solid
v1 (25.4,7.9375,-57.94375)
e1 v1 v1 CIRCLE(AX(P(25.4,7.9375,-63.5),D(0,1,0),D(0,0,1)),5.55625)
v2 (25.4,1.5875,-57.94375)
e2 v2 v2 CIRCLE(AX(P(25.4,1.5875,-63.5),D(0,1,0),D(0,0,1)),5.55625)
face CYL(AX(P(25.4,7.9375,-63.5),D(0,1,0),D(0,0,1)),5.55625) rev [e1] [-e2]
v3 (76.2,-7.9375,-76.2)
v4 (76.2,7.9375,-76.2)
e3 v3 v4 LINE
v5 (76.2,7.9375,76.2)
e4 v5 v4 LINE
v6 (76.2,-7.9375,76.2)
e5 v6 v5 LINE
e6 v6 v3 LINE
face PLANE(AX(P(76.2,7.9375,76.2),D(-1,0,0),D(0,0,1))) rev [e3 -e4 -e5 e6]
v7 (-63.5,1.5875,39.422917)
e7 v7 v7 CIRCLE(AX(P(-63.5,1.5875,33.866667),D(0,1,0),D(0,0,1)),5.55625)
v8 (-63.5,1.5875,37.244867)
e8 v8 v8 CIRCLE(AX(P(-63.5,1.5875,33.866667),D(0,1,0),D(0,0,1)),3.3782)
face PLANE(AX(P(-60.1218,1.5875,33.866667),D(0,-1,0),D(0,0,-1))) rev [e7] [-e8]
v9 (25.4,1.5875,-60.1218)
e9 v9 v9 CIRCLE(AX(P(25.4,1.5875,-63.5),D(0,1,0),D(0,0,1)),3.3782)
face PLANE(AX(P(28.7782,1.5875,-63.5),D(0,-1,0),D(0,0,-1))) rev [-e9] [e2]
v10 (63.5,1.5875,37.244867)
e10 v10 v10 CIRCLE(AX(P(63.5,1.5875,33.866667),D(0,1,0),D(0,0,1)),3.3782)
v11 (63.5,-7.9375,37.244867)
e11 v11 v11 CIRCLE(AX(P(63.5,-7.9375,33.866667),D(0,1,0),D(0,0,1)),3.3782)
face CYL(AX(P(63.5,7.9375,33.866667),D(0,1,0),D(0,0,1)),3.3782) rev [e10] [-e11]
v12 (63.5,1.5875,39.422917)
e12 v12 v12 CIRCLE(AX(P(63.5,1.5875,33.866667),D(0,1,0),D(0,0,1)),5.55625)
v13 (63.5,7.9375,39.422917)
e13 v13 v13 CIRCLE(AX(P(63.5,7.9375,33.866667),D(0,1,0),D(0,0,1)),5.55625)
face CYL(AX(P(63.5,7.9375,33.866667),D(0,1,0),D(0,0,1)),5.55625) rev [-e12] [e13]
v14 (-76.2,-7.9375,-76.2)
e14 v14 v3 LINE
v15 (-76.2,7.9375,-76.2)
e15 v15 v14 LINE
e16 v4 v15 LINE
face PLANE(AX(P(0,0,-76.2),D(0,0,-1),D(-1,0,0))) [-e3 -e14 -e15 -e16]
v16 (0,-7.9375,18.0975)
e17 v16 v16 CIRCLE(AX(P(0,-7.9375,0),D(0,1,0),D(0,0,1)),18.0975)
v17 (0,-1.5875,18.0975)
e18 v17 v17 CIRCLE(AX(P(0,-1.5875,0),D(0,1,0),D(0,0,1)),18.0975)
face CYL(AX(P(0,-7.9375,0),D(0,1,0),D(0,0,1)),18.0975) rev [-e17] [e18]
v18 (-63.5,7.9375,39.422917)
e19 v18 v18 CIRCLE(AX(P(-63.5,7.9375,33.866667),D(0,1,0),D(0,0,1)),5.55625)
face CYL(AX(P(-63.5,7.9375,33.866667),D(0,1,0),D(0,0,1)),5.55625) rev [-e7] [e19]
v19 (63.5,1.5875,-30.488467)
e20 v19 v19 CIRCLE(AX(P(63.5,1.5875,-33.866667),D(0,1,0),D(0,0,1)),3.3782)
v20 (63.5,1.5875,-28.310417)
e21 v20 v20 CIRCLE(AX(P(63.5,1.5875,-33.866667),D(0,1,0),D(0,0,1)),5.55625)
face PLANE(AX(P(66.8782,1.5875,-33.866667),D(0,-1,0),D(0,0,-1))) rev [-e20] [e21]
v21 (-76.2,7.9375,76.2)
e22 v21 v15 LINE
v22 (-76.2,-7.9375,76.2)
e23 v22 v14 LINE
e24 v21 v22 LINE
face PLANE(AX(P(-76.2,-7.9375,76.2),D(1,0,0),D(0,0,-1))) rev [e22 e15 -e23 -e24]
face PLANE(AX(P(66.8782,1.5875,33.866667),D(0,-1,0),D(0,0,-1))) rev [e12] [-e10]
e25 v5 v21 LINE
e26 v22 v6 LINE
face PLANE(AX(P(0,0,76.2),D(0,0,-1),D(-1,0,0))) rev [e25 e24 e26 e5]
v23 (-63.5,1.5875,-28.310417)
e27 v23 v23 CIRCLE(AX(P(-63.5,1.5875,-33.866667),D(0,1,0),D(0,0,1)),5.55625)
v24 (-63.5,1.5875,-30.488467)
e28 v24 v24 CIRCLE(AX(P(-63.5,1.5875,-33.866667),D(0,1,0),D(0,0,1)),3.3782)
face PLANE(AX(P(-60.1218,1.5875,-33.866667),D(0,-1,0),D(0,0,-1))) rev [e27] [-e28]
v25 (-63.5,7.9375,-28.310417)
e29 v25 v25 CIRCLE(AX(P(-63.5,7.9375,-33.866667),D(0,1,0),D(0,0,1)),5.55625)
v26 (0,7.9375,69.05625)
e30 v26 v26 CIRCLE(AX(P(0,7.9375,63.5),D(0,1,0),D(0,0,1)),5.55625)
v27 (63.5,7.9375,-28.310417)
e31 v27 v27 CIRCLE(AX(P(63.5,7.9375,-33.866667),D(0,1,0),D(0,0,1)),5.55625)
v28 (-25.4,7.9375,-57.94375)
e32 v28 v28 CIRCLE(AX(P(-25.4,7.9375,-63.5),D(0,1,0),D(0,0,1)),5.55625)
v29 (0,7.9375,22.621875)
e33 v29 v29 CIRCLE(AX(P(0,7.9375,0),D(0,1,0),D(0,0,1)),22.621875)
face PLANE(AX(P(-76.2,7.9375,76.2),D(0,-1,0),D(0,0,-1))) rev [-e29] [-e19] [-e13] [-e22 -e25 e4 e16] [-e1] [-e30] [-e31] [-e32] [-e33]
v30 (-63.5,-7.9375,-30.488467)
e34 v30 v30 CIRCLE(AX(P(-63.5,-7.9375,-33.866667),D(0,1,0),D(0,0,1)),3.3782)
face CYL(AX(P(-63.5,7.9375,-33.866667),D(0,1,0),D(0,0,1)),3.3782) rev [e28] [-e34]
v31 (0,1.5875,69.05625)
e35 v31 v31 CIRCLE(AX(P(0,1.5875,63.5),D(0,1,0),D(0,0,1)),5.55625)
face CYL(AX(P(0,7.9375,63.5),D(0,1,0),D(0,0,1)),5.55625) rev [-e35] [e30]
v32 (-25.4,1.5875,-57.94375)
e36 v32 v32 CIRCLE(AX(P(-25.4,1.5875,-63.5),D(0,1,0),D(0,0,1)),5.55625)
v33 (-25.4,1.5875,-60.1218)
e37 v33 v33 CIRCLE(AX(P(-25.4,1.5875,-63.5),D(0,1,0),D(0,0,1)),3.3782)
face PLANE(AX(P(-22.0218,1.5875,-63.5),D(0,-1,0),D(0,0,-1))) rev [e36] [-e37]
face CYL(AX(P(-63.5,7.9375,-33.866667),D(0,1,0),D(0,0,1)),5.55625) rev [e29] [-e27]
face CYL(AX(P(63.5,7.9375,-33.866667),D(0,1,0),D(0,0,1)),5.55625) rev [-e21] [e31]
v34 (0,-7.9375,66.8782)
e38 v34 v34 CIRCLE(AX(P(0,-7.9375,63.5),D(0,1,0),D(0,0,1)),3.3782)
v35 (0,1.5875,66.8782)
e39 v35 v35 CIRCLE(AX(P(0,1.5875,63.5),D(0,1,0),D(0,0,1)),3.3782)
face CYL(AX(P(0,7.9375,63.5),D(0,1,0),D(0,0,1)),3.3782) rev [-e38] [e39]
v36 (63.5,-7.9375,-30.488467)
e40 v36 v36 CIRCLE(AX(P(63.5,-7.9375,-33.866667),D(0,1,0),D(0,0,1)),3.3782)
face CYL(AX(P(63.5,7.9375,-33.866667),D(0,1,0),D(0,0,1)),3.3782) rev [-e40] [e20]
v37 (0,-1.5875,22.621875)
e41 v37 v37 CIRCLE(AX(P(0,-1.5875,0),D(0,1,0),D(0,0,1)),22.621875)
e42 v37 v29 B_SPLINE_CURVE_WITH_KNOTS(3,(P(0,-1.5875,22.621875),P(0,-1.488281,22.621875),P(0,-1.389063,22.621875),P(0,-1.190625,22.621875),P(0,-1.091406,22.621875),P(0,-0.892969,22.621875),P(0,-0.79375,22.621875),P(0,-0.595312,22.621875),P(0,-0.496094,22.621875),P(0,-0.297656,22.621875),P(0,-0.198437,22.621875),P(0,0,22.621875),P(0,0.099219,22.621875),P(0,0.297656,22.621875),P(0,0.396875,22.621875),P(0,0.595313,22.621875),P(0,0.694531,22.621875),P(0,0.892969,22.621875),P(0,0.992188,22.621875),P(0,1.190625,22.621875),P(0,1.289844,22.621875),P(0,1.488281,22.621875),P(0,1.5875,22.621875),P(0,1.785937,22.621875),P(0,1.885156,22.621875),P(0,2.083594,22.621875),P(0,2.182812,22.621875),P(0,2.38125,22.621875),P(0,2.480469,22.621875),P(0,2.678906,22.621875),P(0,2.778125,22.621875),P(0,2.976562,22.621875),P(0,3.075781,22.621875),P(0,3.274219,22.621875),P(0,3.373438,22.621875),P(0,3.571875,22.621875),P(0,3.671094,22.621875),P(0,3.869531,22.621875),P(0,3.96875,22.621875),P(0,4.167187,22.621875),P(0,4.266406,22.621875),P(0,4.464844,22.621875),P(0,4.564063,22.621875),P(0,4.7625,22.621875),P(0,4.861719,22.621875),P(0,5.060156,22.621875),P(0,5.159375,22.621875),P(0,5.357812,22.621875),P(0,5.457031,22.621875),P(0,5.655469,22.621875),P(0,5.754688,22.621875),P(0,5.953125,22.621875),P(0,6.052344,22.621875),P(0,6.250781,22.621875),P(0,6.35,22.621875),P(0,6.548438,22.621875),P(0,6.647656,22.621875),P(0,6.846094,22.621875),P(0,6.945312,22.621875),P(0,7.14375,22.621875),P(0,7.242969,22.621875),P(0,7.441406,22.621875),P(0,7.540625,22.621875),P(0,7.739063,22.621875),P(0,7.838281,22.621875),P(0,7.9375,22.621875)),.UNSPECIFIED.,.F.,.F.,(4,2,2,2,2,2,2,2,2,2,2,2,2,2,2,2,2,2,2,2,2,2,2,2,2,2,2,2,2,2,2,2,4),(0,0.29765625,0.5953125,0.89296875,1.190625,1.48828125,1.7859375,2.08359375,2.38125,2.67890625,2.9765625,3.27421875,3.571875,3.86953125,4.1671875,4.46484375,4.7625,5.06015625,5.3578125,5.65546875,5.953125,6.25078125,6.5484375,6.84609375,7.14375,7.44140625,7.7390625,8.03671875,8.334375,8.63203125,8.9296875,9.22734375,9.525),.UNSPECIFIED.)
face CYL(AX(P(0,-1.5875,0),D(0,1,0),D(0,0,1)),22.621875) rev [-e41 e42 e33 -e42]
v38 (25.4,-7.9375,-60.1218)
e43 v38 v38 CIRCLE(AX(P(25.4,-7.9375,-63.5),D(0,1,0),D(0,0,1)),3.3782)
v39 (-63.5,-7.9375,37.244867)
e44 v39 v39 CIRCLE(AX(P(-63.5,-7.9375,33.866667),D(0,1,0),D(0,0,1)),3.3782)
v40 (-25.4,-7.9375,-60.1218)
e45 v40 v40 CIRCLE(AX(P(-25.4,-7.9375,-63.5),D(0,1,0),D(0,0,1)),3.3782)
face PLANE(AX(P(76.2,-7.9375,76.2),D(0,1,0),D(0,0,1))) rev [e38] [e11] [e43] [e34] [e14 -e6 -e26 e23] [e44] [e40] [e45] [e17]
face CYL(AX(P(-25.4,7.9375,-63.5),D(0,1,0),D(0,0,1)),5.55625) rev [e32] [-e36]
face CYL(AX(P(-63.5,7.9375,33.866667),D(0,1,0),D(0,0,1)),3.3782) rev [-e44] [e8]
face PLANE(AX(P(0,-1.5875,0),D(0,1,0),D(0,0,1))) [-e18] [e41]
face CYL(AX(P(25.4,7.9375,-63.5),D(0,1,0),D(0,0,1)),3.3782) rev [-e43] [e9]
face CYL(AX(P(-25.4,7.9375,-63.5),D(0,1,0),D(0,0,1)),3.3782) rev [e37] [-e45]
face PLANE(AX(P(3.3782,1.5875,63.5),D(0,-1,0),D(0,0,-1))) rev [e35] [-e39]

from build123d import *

# Parameters (mm, degrees)
SKETCH3_W                                        = 152.4
SKETCH3_H                                        = 15.875
BOSS_EXTRUDE1_DEPTH                              = 76.2
SKETCH4_R                                        = 22.621875
CUT_EXTRUDE1_DEPTH                               = 9.525
SKETCH5_R                                        = 18.0975
CUT_EXTRUDE2_DEPTH                               = 109.183203987
CBORE_FOR_1_4_SOCKET_HEAD_CAP_SCREW1_D           = 6.7564
CBORE_FOR_1_4_SOCKET_HEAD_CAP_SCREW1_CBORE_D     = 11.1125
CBORE_FOR_1_4_SOCKET_HEAD_CAP_SCREW1_CBORE_DEPTH = 6.35


with BuildPart() as part:
    # Sketch3 → Boss-Extrude1 (new, symmetric)
    with BuildSketch(Plane.XY):
        Rectangle(SKETCH3_W, SKETCH3_H)
    extrude(amount=BOSS_EXTRUDE1_DEPTH, both=True)

    # Sketch4 → Cut-Extrude1 (cut)
    with BuildSketch(Plane(origin=(0, 7.9375, 0), x_dir=(1, 0, 0), z_dir=(0, 1, 0))):
        with Locations(Location((0, 0, 0), (0, 0, 270))):
            Circle(SKETCH4_R)
    extrude(amount=-CUT_EXTRUDE1_DEPTH, mode=Mode.SUBTRACT)

    # Sketch5 → Cut-Extrude2 (cut, through all)
    with BuildSketch(Plane(origin=(0, -1.5875, 0), x_dir=(1, 0, 0), z_dir=(0, 1, 0))):
        with Locations(Location((0, 0, 0), (0, 0, 270))):
            Circle(SKETCH5_R)
    extrude(amount=-CUT_EXTRUDE2_DEPTH, mode=Mode.SUBTRACT)

    # CBORE for 1/4 Socket Head Cap Screw1 (through all)
    with Locations(Plane(origin=(-63.5, 7.9375, -33.866666667), x_dir=(0, 0, 1), z_dir=(0, 1, 0))):
        with Locations((0, 0), (-29.633333333, 38.1), (-29.633333333, 88.9), (0, 127), (67.733333334, 127), (97.366666667, 63.5), (67.733333334, 0)):
            CounterBoreHole(CBORE_FOR_1_4_SOCKET_HEAD_CAP_SCREW1_D / 2, CBORE_FOR_1_4_SOCKET_HEAD_CAP_SCREW1_CBORE_D / 2, CBORE_FOR_1_4_SOCKET_HEAD_CAP_SCREW1_CBORE_DEPTH)


solid = part.part
